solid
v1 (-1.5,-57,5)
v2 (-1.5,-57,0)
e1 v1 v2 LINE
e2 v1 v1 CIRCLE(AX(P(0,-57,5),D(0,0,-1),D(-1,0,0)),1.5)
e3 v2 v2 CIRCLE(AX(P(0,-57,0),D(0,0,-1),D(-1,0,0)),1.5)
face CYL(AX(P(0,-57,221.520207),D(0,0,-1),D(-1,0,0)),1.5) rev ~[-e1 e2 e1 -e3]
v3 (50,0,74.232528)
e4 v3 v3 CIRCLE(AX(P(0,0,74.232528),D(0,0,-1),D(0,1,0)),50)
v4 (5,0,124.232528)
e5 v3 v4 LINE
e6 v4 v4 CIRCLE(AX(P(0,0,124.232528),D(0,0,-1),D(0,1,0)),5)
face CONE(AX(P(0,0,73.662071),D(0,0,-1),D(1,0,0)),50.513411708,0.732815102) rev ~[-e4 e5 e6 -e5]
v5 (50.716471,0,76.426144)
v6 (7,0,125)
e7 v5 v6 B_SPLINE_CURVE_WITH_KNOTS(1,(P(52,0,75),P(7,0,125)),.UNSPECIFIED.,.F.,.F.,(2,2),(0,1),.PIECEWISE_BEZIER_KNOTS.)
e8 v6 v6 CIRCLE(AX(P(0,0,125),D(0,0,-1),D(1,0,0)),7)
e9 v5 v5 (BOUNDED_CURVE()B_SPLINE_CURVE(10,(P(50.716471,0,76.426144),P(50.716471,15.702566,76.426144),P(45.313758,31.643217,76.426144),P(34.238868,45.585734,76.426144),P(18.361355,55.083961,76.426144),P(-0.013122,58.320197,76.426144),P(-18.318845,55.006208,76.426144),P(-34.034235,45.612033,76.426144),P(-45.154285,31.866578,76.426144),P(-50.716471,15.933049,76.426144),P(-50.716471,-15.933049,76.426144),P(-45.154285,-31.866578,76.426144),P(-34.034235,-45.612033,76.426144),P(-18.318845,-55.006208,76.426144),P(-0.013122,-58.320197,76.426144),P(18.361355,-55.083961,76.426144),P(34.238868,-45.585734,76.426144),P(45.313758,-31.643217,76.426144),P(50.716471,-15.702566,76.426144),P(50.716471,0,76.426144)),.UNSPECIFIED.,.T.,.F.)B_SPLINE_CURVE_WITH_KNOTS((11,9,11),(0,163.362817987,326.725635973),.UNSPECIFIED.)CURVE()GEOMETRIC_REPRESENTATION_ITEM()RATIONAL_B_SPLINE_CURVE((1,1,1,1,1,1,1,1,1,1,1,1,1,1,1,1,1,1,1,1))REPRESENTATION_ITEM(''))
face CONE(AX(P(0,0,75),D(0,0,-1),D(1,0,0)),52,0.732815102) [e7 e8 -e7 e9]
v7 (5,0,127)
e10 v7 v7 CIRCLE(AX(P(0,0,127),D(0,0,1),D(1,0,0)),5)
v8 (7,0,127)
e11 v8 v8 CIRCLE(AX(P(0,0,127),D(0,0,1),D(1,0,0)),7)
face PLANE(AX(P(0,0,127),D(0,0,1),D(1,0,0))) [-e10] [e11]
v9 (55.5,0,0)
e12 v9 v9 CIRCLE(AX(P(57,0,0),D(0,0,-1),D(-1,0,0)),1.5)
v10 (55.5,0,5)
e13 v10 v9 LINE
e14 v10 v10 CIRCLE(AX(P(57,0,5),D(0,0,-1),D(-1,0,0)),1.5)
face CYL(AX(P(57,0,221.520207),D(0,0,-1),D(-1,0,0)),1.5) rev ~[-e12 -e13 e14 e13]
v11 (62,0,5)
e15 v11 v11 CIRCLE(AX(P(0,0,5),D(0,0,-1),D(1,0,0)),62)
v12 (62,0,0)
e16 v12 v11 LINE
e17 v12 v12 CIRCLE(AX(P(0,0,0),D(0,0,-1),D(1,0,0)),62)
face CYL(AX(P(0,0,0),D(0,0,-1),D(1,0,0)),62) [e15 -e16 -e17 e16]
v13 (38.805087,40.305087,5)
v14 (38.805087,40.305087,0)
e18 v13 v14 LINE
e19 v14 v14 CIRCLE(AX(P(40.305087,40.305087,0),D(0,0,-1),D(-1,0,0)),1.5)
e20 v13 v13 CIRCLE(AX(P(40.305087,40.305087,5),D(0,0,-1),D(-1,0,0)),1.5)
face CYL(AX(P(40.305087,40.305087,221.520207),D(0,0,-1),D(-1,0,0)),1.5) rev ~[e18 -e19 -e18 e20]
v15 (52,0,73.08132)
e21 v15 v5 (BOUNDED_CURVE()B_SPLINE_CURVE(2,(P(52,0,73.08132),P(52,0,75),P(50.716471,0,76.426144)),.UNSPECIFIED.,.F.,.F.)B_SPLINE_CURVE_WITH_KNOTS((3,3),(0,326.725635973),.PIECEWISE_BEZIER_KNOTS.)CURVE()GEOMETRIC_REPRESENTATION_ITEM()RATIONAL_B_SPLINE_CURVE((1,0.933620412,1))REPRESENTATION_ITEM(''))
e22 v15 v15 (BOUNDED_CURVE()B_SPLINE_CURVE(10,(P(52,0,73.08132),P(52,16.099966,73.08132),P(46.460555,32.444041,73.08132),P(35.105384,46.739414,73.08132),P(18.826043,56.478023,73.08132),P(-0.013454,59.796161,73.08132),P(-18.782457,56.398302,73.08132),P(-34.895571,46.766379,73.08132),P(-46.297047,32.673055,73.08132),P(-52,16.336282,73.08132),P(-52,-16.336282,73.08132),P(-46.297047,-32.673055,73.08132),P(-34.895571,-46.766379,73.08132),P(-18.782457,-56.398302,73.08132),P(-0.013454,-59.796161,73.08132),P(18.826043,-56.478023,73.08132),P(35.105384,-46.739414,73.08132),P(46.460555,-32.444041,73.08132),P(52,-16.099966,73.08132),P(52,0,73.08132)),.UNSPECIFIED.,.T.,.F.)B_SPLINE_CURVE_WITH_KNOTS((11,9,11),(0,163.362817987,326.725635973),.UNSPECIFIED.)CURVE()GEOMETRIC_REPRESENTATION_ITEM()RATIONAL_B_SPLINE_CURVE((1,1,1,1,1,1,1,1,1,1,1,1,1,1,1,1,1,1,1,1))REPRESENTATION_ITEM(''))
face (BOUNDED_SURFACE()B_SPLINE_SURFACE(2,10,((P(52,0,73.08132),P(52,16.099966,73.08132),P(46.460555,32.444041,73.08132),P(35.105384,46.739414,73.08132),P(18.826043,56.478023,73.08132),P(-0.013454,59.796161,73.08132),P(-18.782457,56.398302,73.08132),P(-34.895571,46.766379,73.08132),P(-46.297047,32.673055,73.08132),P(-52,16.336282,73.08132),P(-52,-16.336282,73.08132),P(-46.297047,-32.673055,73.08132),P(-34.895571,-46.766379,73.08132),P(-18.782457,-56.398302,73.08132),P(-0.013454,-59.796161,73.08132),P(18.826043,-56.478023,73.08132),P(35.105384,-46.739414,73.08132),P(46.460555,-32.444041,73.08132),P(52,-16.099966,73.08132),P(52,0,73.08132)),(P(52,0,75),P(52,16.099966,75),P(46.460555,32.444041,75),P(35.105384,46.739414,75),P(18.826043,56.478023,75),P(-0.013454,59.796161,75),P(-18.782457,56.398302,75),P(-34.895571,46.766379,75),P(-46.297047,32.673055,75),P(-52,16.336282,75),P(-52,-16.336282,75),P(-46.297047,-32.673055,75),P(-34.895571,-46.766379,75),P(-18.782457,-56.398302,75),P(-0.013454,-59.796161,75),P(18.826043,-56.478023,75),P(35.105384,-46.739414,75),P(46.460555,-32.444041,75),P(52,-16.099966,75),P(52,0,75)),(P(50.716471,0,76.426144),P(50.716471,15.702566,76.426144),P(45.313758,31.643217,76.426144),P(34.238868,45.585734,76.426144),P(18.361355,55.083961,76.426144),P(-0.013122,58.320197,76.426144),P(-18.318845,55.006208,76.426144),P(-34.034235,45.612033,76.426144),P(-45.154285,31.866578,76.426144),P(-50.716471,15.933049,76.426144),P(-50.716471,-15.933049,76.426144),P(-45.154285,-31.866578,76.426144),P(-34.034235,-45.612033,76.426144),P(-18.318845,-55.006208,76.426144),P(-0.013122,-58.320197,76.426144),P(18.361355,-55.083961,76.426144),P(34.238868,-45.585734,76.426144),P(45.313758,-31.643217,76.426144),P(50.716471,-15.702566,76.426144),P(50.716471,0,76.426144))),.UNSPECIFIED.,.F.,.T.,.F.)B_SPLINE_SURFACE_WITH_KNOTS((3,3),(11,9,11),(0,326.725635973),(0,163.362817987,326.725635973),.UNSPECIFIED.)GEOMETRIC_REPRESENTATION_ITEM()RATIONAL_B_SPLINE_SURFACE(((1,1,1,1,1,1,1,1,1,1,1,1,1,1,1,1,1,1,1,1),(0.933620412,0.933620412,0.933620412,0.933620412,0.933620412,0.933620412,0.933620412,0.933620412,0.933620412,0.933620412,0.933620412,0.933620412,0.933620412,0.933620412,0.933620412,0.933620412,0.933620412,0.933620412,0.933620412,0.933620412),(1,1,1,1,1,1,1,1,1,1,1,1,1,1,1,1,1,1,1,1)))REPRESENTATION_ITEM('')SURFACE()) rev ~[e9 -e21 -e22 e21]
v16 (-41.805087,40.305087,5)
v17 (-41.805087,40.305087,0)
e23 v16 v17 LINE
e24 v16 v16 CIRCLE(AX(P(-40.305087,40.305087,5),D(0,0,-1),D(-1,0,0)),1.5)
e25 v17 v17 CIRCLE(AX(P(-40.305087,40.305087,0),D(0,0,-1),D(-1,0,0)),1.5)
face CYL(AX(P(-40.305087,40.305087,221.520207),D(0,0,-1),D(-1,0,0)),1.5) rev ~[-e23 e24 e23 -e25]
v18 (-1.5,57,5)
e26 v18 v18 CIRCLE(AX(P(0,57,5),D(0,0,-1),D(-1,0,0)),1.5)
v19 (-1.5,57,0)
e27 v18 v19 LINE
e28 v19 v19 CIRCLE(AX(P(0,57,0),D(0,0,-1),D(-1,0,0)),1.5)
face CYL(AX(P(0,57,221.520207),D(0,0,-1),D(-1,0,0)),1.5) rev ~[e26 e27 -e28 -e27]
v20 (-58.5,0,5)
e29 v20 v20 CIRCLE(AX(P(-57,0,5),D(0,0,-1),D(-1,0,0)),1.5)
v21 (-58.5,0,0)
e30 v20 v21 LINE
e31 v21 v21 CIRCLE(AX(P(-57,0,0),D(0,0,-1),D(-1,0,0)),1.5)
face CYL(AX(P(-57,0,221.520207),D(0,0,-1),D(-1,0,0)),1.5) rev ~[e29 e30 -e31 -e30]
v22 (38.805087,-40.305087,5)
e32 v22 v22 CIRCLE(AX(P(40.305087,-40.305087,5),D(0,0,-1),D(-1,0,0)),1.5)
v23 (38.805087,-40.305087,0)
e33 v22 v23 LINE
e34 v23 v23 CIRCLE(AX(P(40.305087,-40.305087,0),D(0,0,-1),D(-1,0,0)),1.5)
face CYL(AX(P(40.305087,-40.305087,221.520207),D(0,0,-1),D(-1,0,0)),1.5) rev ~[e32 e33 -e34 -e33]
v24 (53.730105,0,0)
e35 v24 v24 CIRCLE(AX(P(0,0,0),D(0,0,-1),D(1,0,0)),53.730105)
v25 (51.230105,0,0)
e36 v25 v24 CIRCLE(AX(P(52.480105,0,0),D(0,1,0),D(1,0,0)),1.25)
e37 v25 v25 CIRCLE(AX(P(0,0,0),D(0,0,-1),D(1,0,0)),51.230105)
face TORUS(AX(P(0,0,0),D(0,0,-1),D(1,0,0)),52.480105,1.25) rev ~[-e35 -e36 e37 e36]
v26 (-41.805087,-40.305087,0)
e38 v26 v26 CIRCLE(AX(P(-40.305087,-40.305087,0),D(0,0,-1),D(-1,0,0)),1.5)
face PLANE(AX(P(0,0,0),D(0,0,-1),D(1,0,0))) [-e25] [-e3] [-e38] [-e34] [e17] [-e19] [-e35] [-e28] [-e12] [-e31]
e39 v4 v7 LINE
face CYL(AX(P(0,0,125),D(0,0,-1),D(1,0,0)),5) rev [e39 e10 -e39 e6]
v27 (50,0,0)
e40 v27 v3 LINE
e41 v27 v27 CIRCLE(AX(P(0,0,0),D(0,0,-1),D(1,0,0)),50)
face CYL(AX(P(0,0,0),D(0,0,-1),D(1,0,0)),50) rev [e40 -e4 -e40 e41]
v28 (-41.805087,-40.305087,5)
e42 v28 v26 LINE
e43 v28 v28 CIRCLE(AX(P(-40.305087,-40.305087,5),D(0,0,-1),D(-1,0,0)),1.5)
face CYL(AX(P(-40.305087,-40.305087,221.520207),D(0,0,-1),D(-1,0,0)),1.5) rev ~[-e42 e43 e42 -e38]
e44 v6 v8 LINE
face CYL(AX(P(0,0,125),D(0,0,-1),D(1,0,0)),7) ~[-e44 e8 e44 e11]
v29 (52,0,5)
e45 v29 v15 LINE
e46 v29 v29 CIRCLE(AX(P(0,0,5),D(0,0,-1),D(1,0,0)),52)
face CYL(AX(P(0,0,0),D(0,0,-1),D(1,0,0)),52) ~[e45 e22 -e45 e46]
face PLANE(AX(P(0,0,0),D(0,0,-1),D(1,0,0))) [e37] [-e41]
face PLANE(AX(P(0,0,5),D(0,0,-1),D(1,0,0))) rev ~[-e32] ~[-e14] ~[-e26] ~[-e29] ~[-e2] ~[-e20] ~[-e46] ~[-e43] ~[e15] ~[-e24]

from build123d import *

# Parameters (mm, degrees)
F0_R      = 52
F1_DEPTH  = 75
F2_R      = 7
F3_DEPTH  = 2
F1_FACE_R = 52
F3_FACE_R = 7
F7_T      = -2
F8_R      = 5
F9_DEPTH  = 25
F10_R     = 62
F10_R_2   = 52
F11_DEPTH = 5
F13_D     = 3
F15_R     = 1.25
F17_R     = 5


with BuildPart() as f1:
    # F0 (on Top) → F1 (new body)
    with BuildSketch(Plane.XY):
        Circle(F0_R)
    extrude(amount=F1_DEPTH)


with BuildPart() as f3:
    # F2 (on face) → F3 (new body)
    with BuildSketch(Plane.XY.offset(75)):
        Circle(F2_R)
    extrude(amount=F3_DEPTH)


with BuildPart() as f3_1:
    # F4: moved
    add(f3.part.moved(Location((0, 0, 50))))


with BuildPart() as f5:
    # F1_face (on face) → F5 section 0
    with BuildSketch(Plane.XY.offset(75)):
        Circle(F1_FACE_R)
    # F3_face (on face) → F5 section 1
    with BuildSketch(Plane(origin=(0, 0, 125), x_dir=(1, 0, 0), z_dir=(0, 0, -1))):
        Circle(F3_FACE_R)
    loft()

    # F6: union F3, F1
    add(f3_1.part)
    add(f1.part)

    # F7
    f7_openings = [f5.faces().sort_by_distance(p)[0] for p in [
        (0, 0, 0),
    ]]
    offset(amount=F7_T, openings=f7_openings, kind=Kind.INTERSECTION)

    # F8 (on face) → F9 (cut)
    with BuildSketch(Plane.XY.offset(127)):
        Circle(F8_R)
    extrude(amount=-F9_DEPTH, mode=Mode.SUBTRACT)

    # F10 (on face) → F11 (join)
    with BuildSketch(Plane(origin=(0, 0, 0), x_dir=(1, 0, 0), z_dir=(0, 0, -1))):
        Circle(F10_R)
        Circle(F10_R_2, mode=Mode.SUBTRACT)
    extrude(amount=-F11_DEPTH)

    # F13 (through all)
    with Locations(Plane.XY.offset(5)):
        with Locations((0, 57), (40.3050865276, 40.3050865276), (57, 0), (40.3050865276, -40.3050865276), (0, -57), (-40.3050865276, -40.3050865276), (-57, 0), (-40.3050865276, 40.3050865276)):
            Hole(F13_D / 2)

    # F16: sweep along a path in F14
    with BuildLine(Plane(origin=(0, 0, 0), x_dir=(1, 0, 0), z_dir=(0, 0, -1))) as f16_path:
        CenterArc((0, 0), 52.5, 0, 360)
    # F15 (on Front) → F16 (sweep, cut)
    with BuildSketch(Plane.XZ):
        with Locations((-52.4801053107, 0)):
            Circle(F15_R)
    sweep(path=f16_path.line, mode=Mode.SUBTRACT)

    # F17
    f17_edges = [f5.edges().sort_by_distance(p)[0] for p in [
        (-52, 0, 75),
    ]]
    fillet(f17_edges, radius=F17_R)


solid = f5.part
